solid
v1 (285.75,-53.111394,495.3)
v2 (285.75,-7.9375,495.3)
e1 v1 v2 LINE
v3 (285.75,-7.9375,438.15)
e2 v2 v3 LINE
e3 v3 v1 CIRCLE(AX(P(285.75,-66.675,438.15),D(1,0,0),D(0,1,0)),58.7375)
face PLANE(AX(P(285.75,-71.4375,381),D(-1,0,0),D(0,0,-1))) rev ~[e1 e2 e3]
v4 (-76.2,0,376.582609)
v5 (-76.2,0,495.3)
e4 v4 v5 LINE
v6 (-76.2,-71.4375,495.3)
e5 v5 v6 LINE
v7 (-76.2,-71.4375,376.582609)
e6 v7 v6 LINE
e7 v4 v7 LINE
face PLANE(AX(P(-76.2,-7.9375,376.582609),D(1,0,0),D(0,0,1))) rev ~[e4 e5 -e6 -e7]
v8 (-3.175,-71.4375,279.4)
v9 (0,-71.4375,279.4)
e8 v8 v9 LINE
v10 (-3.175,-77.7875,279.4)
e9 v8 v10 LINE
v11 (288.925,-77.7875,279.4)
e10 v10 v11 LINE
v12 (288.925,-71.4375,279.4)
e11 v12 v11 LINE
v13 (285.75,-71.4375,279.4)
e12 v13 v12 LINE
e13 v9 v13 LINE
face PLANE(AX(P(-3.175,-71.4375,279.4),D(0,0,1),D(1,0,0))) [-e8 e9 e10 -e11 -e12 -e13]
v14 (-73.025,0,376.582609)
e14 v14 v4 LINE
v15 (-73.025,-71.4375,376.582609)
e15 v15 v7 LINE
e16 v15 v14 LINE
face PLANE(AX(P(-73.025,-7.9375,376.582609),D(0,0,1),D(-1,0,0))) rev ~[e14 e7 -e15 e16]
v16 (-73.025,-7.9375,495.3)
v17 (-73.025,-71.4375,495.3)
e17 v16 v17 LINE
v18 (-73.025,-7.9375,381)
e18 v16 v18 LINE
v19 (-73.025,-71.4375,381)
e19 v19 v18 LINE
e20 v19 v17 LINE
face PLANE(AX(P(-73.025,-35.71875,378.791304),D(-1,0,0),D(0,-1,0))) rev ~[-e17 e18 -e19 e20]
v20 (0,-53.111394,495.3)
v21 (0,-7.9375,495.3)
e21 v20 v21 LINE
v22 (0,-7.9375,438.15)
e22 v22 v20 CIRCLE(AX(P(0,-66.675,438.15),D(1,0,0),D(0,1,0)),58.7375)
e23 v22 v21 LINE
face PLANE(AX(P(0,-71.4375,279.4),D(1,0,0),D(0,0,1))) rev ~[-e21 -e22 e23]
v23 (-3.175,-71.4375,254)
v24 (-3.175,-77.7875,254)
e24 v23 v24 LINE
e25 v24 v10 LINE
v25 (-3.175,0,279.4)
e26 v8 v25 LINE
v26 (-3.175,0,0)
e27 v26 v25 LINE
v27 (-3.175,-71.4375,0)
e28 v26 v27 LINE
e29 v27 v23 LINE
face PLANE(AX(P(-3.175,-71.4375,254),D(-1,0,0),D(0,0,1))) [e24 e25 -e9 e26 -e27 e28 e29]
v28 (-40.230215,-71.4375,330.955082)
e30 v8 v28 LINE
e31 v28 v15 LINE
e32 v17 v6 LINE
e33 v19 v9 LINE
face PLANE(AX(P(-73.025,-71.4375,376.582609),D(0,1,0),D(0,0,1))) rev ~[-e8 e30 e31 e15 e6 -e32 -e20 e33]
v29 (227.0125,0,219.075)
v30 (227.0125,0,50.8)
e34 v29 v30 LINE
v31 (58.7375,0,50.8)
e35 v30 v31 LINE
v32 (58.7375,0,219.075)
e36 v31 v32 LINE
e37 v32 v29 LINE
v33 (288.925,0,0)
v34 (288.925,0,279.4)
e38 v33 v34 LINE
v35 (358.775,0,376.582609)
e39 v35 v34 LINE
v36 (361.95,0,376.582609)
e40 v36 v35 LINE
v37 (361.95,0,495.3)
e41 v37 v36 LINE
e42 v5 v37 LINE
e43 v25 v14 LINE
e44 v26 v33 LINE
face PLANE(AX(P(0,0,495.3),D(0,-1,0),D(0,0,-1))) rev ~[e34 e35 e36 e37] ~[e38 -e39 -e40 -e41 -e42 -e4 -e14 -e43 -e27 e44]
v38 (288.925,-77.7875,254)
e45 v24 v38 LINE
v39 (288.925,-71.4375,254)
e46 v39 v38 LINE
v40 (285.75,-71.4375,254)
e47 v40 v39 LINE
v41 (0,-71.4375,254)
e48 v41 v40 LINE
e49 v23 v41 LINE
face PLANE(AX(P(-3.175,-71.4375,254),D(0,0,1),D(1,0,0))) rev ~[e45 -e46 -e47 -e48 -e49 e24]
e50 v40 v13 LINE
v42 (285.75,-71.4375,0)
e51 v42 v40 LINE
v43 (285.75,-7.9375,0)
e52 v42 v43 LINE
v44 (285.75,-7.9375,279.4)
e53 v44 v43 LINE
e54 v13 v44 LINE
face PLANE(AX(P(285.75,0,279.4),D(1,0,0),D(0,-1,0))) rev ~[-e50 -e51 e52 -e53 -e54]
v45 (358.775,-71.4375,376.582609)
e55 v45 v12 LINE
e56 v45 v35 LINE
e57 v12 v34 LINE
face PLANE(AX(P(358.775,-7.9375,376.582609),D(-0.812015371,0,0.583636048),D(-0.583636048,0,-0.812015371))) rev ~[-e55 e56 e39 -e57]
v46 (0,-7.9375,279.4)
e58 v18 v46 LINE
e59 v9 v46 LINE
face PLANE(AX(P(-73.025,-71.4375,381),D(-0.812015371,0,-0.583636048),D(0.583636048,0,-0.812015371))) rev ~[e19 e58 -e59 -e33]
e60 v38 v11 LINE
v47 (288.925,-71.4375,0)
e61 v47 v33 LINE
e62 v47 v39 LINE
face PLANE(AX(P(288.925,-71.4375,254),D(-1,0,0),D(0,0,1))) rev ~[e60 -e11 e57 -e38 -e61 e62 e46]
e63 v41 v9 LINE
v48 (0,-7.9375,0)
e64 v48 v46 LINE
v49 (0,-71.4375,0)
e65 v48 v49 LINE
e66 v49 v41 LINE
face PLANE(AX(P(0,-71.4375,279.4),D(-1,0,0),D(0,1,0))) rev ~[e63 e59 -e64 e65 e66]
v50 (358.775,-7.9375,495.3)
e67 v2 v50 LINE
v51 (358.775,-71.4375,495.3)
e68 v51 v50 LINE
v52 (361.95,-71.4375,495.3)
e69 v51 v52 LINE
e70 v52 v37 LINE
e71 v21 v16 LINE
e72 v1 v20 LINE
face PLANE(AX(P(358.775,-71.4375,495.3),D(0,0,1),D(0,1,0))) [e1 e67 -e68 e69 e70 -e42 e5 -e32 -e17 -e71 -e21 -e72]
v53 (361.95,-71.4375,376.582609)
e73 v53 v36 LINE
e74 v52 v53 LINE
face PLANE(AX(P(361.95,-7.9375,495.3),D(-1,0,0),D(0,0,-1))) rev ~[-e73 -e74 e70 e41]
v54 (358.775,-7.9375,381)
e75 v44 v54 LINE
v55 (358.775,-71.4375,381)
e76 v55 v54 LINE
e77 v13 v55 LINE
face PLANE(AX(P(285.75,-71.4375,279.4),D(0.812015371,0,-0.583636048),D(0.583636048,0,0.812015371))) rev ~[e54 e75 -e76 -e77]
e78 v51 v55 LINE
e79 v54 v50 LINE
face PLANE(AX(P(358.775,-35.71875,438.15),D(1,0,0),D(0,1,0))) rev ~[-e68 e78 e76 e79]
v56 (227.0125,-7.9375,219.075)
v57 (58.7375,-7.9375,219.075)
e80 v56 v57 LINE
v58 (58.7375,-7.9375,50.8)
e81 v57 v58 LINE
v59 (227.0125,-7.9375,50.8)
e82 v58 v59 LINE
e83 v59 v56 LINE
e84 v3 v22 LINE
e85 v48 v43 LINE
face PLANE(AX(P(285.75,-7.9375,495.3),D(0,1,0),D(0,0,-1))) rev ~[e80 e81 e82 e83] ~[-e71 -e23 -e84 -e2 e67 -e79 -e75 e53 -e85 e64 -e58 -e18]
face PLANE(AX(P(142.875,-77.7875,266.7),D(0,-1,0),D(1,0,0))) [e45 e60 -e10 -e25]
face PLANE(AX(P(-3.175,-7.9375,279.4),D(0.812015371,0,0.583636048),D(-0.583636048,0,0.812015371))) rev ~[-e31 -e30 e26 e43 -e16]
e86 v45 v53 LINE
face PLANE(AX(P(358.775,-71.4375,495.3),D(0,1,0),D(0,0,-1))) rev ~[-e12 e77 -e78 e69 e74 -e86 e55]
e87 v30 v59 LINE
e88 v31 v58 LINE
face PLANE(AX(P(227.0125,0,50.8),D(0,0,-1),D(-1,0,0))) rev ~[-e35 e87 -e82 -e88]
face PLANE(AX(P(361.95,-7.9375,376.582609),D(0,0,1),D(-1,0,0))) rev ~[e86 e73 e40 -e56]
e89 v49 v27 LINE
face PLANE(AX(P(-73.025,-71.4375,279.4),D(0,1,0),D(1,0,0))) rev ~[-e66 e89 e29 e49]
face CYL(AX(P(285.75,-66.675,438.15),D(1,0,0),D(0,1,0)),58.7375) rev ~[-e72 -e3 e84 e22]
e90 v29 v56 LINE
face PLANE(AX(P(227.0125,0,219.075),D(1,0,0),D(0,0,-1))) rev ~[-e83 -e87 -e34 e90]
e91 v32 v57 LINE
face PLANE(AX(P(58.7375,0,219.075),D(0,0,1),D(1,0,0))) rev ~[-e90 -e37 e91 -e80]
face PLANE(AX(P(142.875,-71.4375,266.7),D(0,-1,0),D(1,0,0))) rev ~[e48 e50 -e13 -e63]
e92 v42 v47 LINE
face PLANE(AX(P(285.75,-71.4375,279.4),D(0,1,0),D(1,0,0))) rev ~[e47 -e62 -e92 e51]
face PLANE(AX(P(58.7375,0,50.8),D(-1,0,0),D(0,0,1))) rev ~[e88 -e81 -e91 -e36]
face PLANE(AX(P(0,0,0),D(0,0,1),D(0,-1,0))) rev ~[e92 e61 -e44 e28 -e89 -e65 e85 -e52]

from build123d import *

# Parameters (mm, degrees)
F0_W      = 285.75
F0_H      = 279.4
F1_DEPTH  = 3.175
F2_W      = 285.75
F2_H      = 66.675
F3_DEPTH  = 215.9
F4_W      = 58.7375
F4_H      = 100.0125
F5_DEPTH  = 285.75
F6_W      = 285.75
F6_H      = 4.7625
F7_DEPTH  = 279.4
F9_DEPTH  = 25.4
F10_W     = 63.5
F10_H     = 279.4
F10_W_2   = 7.9375
F11_DEPTH = 3.175
F12_W     = 63.5
F12_H     = 279.4
F12_W_2   = 7.9375
F13_DEPTH = 3.175
F14_W     = 69.85
F14_H     = 71.4375
F15_DEPTH = 101.6
F17_DEPTH = 71.4375
F18_W     = 69.85
F18_H     = 71.4375
F19_DEPTH = 101.6
F21_DEPTH = 71.4375
F24_W     = 292.1
F24_H     = 25.4
F25_DEPTH = 6.35
F22_W     = 71.4375
F22_H     = 114.3
F22_H_2   = 4.4173913043
F26_DEPTH = 3.175
F23_W     = 71.4375
F23_H     = 4.4173913043
F23_H_2   = 114.3
F27_DEPTH = 3.175
F29_DEPTH = 101.6
F31_DEPTH = 25.4
F33_DEPTH = 101.6
F35_DEPTH = 25.4


with BuildPart() as f1:
    # F0 (on Front) → F1 (new body)
    with BuildSketch(Plane.XZ):
        with Locations((142.875, 139.7)):
            Rectangle(F0_W, F0_H)
    extrude(amount=F1_DEPTH)

    # F2 (on face) → F3 (join)
    with BuildSketch(Plane.XY.offset(279.4)):
        with Locations((142.875, -33.3375)):
            Rectangle(F2_W, F2_H)
    extrude(amount=F3_DEPTH)

    # F4 (on face) → F5 (cut)
    with BuildSketch(Plane.YZ.offset(285.75)):
        with Locations((-37.30625, 329.40625)):
            Rectangle(F4_W, F4_H)
        with BuildLine():
            Line((-7.9375, 379.4125), (-7.9375, 438.15))
            ThreePointArc((-7.9375, 438.15), (-25.1413154401, 396.6163154401), (-66.675, 379.4125))
            Line((-66.675, 379.4125), (-7.9375, 379.4125))
        make_face()
        with BuildLine():
            Line((-7.9375, 438.15), (-66.675, 438.15))
            Line((-66.675, 438.15), (-66.675, 379.4125))
            ThreePointArc((-66.675, 379.4125), (-25.1413154401, 396.6163154401), (-7.9375, 438.15))
        make_face()
        with BuildLine():
            Line((-53.1113940543, 495.3), (-66.675, 495.3))
            Line((-66.675, 495.3), (-66.675, 438.15))
            Line((-66.675, 438.15), (-7.9375, 438.15))
            ThreePointArc((-7.9375, 438.15), (-20.5947102305, 474.5739042527), (-53.1113940543, 495.3))
        make_face()
    extrude(amount=-F5_DEPTH, mode=Mode.SUBTRACT)

    # F6 (on face) → F7 (join)
    with BuildSketch(Plane(origin=(0, 0, 279.4), x_dir=(1, 0, 0), z_dir=(0, 0, -1))):
        with Locations((142.875, 5.55625)):
            Rectangle(F6_W, F6_H)
    extrude(amount=F7_DEPTH)

    # F8 (on face) → F9 (cut)
    with BuildSketch(Plane(origin=(0, 0, 0), x_dir=(-1, 0, 0), z_dir=(0, 1, 0))):
        Polygon((-227.0125, 50.8), (-142.875, 50.8), (-58.7375, 50.8), (-58.7375, 219.075), (-227.0125, 219.075), align=None)
    extrude(amount=-F9_DEPTH, mode=Mode.SUBTRACT)

    # F10 (on face) → F11 (join)
    with BuildSketch(Plane.YZ.offset(285.75)):
        with Locations((-39.6875, 139.7)):
            Rectangle(F10_W, F10_H)
        with Locations((-3.96875, 139.7)):
            Rectangle(F10_W_2, F10_H)
    extrude(amount=F11_DEPTH)

    # F12 (on face) → F13 (join)
    with BuildSketch(Plane(origin=(0, 0, 0), x_dir=(0, -1, 0), z_dir=(-1, 0, 0))):
        with Locations((39.6875, 139.7)):
            Rectangle(F12_W, F12_H)
        with Locations((3.96875, 139.7)):
            Rectangle(F12_W_2, F12_H)
    extrude(amount=F13_DEPTH)

    # F14 (on face) → F15 (join)
    with BuildSketch(Plane.XY.offset(279.4)):
        Polygon((0, -7.9375), (0, 0), (-3.175, 0), (-3.175, -71.4375), (0, -71.4375), align=None)
        with Locations((-38.1, -35.71875)):
            Rectangle(F14_W, F14_H)
    extrude(amount=F15_DEPTH)

    # F16 (on face) → F17 (cut)
    with BuildSketch(Plane.XZ.offset(71.4375)):
        Polygon((-73.025, 279.4), (-3.175, 279.4), (-40.2302153021, 330.9550821594), (-73.025, 376.5826086957), align=None)
        Polygon((-38.1367188436, 332.4597827389), (0, 279.4), (0, 381), (-73.025, 381), align=None)
    extrude(amount=-F17_DEPTH, mode=Mode.SUBTRACT)

    # F18 (on face) → F19 (join)
    with BuildSketch(Plane.XY.offset(279.4)):
        Polygon((288.925, 0), (285.75, 0), (285.75, -7.9375), (285.75, -71.4375), (288.925, -71.4375), align=None)
        with Locations((323.85, -35.71875)):
            Rectangle(F18_W, F18_H)
    extrude(amount=F19_DEPTH)

    # F20 (on face) → F21 (cut)
    with BuildSketch(Plane.XZ.offset(71.4375)):
        Polygon((285.75, 381), (285.75, 279.4), (324.7502719302, 333.6612479029), (358.775, 381), align=None)
        Polygon((326.8437683887, 332.1565473234), (288.925, 279.4), (358.775, 279.4), (358.775, 376.5826086957), align=None)
    extrude(amount=-F21_DEPTH, mode=Mode.SUBTRACT)

    # F24 (on face) → F25 (join)
    with BuildSketch(Plane.XZ.offset(71.4375)):
        with Locations((142.875, 266.7)):
            Rectangle(F24_W, F24_H)
    extrude(amount=F25_DEPTH)

    # F22 (on face) → F26 (join)
    with BuildSketch(Plane.YZ.offset(358.775)):
        with Locations((-35.71875, 438.15)):
            Rectangle(F22_W, F22_H)
        with Locations((-35.71875, 378.7913043478)):
            Rectangle(F22_W, F22_H_2)
    extrude(amount=F26_DEPTH)

    # F23 (on face) → F27 (join)
    with BuildSketch(Plane(origin=(-73.025, 0, 0), x_dir=(0, -1, 0), z_dir=(-1, 0, 0))):
        with Locations((35.71875, 378.7913043478)):
            Rectangle(F23_W, F23_H)
        with Locations((35.71875, 438.15)):
            Rectangle(F23_W, F23_H_2)
    extrude(amount=F27_DEPTH)

    # F28 (on face) → F29 (join)
    with BuildSketch(Plane(origin=(0, 0, 0), x_dir=(0, -1, 0), z_dir=(-1, 0, 0))):
        Polygon((7.9375, 495.3), (0, 495.3), (0, 279.4), (7.9375, 279.4), (7.9375, 438.15), align=None)
    extrude(amount=F29_DEPTH)

    # F30 (on face) → F31 (cut)
    with BuildSketch(Plane.XZ.offset(7.9375)):
        Polygon((-76.2, 376.5826086957), (-76.2, 495.3), (-101.6, 495.3), (-101.6, 279.4), (-3.175, 279.4), (-73.025, 376.5826086957), align=None)
    extrude(amount=-F31_DEPTH, mode=Mode.SUBTRACT)

    # F32 (on face) → F33 (join)
    with BuildSketch(Plane.YZ.offset(285.75)):
        Polygon((0, 279.4), (0, 495.3), (-7.9375, 495.3), (-7.9375, 438.15), (-7.9375, 279.4), align=None)
    extrude(amount=F33_DEPTH)

    # F34 (on face) → F35 (cut)
    with BuildSketch(Plane.XZ.offset(7.9375)):
        Polygon((387.35, 495.3), (361.95, 495.3), (361.95, 376.5826086957), (358.775, 376.5826086957), (288.925, 279.4), (387.35, 279.4), align=None)
    extrude(amount=-F35_DEPTH, mode=Mode.SUBTRACT)


solid = f1.part
